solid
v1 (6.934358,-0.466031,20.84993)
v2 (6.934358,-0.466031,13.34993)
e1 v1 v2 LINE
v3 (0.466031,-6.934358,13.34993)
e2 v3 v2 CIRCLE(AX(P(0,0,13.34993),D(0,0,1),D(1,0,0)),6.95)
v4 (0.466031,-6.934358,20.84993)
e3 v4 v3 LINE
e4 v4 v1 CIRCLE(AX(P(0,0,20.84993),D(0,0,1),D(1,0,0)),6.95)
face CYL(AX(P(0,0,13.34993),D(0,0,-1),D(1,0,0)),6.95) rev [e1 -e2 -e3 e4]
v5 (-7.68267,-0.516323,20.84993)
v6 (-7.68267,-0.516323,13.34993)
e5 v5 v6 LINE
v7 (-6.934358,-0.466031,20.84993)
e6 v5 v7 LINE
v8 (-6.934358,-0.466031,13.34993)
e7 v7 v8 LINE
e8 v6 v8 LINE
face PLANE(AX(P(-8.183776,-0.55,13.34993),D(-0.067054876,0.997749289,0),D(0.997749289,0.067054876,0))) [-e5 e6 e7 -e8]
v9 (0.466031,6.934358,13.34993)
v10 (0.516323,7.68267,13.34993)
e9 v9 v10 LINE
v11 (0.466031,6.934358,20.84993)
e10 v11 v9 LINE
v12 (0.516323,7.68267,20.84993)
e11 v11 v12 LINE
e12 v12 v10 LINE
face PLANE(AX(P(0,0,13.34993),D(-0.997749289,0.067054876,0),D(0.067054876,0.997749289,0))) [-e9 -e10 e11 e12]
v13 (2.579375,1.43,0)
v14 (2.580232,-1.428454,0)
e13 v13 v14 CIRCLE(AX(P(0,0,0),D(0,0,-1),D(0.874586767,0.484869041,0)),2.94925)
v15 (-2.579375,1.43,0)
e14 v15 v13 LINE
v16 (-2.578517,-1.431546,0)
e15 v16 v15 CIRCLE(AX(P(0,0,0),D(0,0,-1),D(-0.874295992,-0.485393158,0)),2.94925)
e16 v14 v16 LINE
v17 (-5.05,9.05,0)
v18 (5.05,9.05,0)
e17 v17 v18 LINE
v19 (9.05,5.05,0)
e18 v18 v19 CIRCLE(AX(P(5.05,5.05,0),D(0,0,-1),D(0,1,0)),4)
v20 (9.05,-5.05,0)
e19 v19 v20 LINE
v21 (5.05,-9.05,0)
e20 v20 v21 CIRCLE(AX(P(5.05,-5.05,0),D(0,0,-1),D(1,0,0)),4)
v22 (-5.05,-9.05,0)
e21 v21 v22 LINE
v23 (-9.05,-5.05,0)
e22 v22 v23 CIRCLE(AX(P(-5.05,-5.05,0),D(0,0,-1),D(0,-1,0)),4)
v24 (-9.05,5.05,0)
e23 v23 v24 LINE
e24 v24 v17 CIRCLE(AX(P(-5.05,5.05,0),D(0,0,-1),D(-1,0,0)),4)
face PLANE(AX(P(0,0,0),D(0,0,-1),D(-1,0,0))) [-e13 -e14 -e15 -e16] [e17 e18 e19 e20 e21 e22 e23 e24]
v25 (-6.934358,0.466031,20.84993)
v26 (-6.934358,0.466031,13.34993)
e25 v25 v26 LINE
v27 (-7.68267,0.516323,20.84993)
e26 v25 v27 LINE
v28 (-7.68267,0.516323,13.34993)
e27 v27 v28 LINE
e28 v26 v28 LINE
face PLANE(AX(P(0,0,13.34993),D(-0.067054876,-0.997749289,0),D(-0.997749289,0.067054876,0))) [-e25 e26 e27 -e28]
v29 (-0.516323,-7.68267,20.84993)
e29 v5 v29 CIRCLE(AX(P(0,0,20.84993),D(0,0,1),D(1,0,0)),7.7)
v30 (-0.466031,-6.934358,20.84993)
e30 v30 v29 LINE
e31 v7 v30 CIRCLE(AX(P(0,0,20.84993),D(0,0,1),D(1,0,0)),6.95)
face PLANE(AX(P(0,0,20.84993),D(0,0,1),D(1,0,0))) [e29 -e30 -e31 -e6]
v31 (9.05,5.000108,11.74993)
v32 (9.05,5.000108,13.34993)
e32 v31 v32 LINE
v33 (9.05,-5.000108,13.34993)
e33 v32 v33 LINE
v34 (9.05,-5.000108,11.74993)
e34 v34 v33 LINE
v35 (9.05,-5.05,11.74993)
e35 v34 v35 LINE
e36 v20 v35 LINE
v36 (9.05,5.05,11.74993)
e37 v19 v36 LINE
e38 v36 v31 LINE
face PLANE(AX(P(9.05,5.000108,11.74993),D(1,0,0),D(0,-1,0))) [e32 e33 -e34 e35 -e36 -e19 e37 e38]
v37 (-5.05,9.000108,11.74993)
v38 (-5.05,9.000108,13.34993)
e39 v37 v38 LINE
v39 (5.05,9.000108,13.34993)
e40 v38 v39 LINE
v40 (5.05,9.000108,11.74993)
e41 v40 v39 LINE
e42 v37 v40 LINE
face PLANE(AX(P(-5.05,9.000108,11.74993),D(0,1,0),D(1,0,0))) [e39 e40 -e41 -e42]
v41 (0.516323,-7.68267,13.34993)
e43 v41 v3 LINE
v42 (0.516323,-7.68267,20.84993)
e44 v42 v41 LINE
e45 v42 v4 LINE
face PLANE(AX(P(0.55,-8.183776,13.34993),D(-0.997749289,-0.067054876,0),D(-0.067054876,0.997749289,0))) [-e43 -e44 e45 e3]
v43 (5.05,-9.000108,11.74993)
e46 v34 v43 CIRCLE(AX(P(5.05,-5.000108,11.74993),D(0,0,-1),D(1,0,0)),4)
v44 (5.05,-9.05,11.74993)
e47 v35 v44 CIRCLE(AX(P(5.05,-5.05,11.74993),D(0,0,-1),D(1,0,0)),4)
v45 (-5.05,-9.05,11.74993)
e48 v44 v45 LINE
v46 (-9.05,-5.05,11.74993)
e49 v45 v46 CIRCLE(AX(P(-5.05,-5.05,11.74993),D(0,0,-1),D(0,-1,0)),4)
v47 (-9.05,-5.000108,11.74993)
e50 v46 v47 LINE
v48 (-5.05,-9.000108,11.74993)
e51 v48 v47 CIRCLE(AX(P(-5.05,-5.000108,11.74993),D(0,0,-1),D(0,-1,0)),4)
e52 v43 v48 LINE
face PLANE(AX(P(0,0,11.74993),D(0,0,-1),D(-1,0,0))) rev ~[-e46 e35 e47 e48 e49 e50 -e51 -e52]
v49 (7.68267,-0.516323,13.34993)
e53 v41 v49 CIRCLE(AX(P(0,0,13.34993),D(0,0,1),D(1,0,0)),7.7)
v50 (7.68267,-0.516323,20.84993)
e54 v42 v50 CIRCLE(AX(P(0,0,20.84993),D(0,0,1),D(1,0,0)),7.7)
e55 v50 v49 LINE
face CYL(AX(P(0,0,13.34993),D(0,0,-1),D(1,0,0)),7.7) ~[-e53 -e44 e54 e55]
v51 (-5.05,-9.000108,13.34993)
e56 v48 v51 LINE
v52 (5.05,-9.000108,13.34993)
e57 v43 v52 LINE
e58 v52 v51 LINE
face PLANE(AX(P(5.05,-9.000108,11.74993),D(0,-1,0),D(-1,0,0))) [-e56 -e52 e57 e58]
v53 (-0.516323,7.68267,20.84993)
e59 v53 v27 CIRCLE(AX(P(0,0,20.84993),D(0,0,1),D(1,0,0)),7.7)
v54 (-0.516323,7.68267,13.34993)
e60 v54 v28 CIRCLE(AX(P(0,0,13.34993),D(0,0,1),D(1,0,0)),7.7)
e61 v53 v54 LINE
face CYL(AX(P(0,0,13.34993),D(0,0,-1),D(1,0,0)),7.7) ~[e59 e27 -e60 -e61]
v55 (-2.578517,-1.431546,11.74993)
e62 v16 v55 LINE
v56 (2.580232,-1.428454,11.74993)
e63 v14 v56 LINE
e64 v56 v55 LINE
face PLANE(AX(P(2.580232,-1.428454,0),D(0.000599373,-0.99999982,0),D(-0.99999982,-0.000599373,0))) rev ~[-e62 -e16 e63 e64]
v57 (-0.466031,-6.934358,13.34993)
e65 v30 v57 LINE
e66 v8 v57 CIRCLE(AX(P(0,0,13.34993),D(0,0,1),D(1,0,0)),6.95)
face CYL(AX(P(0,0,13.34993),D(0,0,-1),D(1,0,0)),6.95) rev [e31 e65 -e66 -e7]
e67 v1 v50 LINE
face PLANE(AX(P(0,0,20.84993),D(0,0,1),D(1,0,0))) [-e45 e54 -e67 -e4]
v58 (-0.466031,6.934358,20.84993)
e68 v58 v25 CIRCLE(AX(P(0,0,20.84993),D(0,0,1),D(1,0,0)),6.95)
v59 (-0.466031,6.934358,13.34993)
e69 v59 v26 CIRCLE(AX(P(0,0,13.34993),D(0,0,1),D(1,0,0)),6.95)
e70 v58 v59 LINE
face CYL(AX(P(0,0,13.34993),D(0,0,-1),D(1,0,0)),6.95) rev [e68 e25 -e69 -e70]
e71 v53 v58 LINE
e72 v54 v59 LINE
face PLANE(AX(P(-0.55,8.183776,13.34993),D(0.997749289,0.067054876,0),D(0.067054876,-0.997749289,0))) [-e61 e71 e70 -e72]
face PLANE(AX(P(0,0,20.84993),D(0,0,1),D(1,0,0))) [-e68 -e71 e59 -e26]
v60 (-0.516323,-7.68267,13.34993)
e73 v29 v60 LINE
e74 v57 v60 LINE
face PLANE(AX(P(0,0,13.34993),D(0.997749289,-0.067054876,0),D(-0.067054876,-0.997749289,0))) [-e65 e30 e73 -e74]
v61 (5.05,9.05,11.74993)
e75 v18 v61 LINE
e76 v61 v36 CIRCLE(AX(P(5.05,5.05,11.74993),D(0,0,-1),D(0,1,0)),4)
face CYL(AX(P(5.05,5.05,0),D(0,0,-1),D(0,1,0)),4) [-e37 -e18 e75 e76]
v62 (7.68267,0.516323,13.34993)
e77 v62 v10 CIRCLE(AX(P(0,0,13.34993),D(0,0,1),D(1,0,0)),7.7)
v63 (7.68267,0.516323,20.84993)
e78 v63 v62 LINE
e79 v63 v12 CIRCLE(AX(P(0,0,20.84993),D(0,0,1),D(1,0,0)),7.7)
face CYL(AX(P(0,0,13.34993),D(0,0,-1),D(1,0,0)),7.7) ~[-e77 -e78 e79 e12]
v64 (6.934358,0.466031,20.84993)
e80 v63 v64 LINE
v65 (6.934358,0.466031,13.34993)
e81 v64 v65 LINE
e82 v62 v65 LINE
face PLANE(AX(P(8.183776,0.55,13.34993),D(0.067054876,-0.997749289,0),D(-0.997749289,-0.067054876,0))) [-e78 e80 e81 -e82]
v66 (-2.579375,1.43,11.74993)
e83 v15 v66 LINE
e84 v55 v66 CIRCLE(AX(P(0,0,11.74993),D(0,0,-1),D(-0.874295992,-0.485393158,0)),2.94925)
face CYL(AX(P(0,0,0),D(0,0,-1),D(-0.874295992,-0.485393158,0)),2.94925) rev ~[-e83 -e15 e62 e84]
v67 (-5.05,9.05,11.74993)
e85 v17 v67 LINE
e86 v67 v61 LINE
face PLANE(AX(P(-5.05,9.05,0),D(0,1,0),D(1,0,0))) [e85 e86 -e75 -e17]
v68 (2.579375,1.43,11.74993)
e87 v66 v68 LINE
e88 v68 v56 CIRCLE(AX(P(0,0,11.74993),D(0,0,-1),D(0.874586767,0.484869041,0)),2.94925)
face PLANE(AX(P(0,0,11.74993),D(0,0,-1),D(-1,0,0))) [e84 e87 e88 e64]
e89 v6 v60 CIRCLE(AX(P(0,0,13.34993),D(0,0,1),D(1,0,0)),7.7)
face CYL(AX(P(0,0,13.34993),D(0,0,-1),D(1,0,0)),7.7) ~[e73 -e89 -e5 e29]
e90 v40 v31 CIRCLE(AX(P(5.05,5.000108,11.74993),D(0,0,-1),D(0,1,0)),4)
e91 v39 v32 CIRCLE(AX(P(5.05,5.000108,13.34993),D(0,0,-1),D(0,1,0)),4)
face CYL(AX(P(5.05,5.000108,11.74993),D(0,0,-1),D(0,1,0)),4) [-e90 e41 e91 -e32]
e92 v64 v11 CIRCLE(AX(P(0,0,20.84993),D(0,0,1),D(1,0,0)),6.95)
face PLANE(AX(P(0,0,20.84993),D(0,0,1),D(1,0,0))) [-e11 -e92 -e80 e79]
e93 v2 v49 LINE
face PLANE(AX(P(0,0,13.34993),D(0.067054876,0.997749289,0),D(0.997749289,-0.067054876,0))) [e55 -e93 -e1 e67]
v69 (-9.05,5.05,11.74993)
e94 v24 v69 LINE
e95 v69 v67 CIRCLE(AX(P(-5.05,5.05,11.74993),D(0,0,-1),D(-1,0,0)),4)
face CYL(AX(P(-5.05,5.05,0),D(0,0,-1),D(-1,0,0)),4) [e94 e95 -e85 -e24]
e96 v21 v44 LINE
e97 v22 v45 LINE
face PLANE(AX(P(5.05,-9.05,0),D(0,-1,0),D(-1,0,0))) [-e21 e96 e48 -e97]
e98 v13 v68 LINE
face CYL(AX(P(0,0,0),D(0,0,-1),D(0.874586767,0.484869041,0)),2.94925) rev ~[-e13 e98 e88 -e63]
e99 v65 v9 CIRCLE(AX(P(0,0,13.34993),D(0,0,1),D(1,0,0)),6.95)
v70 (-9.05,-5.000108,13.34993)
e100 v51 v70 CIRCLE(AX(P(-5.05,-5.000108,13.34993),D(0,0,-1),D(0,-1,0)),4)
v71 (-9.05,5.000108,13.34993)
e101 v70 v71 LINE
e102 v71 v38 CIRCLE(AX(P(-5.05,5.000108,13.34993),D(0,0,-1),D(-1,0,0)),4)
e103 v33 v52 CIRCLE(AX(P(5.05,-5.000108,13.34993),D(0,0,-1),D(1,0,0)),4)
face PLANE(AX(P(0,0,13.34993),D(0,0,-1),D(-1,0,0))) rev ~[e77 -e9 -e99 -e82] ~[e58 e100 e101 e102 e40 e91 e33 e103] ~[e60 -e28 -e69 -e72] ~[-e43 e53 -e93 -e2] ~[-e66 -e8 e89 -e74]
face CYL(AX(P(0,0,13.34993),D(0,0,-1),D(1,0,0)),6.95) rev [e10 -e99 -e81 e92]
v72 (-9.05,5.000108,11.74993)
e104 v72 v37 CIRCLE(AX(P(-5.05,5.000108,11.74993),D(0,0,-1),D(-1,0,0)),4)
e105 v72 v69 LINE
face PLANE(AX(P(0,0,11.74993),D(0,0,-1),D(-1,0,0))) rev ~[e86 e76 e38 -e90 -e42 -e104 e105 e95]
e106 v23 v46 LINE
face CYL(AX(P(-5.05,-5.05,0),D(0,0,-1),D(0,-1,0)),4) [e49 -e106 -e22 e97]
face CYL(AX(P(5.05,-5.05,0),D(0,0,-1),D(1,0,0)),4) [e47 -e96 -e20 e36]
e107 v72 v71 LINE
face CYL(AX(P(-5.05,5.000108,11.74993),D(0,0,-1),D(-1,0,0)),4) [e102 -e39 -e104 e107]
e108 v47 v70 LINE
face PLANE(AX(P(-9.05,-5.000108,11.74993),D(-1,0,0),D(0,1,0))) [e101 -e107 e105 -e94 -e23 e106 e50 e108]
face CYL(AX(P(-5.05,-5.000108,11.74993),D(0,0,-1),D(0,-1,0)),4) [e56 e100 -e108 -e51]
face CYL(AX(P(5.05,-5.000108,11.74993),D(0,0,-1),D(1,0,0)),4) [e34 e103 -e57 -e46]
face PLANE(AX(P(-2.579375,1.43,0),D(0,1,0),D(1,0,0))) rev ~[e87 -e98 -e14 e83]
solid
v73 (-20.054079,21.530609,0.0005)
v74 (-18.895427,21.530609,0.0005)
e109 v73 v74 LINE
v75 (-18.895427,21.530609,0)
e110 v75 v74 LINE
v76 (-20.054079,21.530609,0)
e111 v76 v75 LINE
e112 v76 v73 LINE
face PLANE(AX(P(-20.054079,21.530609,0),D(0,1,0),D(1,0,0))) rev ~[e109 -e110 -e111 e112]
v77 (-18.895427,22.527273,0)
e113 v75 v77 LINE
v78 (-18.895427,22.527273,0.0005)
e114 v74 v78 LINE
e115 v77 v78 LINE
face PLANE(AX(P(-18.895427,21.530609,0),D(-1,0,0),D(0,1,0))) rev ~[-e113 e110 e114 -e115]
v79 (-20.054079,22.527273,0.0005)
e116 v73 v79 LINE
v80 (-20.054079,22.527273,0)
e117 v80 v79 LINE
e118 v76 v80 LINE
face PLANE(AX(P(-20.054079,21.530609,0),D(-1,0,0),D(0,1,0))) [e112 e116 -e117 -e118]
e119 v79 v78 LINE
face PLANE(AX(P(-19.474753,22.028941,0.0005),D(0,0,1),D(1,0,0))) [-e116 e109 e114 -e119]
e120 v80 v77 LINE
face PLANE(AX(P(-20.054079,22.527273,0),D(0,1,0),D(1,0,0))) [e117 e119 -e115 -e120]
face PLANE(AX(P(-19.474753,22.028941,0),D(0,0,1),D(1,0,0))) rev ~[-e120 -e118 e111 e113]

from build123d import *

# Parameters (mm, degrees)
SKETCH1_W           = 1.158652837
SKETCH1_H           = 0.996663238
BOSS_EXTRUDE1_DEPTH = 0.0005
BOSS_EXTRUDE2_DEPTH = 11.74993
BOSS_EXTRUDE3_DEPTH = 1.6
SKETCH4_R           = 7.7
BOSS_EXTRUDE4_DEPTH = 7.5
SKETCH5_R           = 6.95
CUT_EXTRUDE1_DEPTH  = 7.5
CUT_EXTRUDE2_DEPTH  = 7.5
CIRPATTERN1_COUNT   = 4


with BuildPart() as part:
    # Sketch1 → Boss-Extrude1 (new body)
    with BuildSketch(Plane.XY):
        with Locations((-19.474752995, 22.028941101)):
            Rectangle(SKETCH1_W, SKETCH1_H)
    extrude(amount=BOSS_EXTRUDE1_DEPTH)


with BuildPart() as body_2:
    # Sketch2 → Boss-Extrude2 (new body)
    with BuildSketch(Plane.XY):
        with BuildLine():
            Line((-5.05, 9.05), (5.05, 9.05))
            ThreePointArc((5.05, 9.05), (7.878427125, 7.878427125), (9.05, 5.05))
            Line((9.05, 5.05), (9.05, -5.05))
            ThreePointArc((9.05, -5.05), (7.878427125, -7.878427125), (5.05, -9.05))
            Line((5.05, -9.05), (-5.05, -9.05))
            ThreePointArc((-5.05, -9.05), (-7.878427125, -7.878427125), (-9.05, -5.05))
            Line((-9.05, -5.05), (-9.05, 5.05))
            ThreePointArc((-9.05, 5.05), (-7.878427125, 7.878427125), (-5.05, 9.05))
        make_face()
        with BuildLine():
            Line((-2.579374981, 1.43), (2.579374981, 1.43))
            ThreePointArc((2.579374981, 1.43), (2.949249821, 0.000883851), (2.580231621, -1.428453735))
            Line((2.580231621, -1.428453735), (-2.578517414, -1.431545751))
            ThreePointArc((-2.578517414, -1.431545751), (-2.949249821, -0.000883851), (-2.579374981, 1.43))
        make_face(mode=Mode.SUBTRACT)
    extrude(amount=BOSS_EXTRUDE2_DEPTH)

    # Sketch3 → Boss-Extrude3 (add)
    with BuildSketch(Plane.XY.offset(11.74993)):
        with BuildLine():
            Line((-5.05, 9.000108401), (5.05, 9.000108401))
            ThreePointArc((5.05, 9.000108401), (7.878427125, 7.828535526), (9.05, 5.000108401))
            Line((9.05, 5.000108401), (9.05, -5.000108401))
            ThreePointArc((9.05, -5.000108401), (7.878427125, -7.828535526), (5.05, -9.000108401))
            Line((5.05, -9.000108401), (-5.05, -9.000108401))
            ThreePointArc((-5.05, -9.000108401), (-7.878427125, -7.828535526), (-9.05, -5.000108401))
            Line((-9.05, -5.000108401), (-9.05, 5.000108401))
            ThreePointArc((-9.05, 5.000108401), (-7.878427125, 7.828535526), (-5.05, 9.000108401))
        make_face()
    extrude(amount=BOSS_EXTRUDE3_DEPTH)

    # Sketch4 → Boss-Extrude4 (add)
    with BuildSketch(Plane.XY.offset(13.34993)):
        Circle(SKETCH4_R)
    extrude(amount=BOSS_EXTRUDE4_DEPTH)

    # Sketch5 → Cut-Extrude1 (cut)
    with BuildSketch(Plane.XY.offset(13.34993)):
        Circle(SKETCH5_R)
    extrude(amount=CUT_EXTRUDE1_DEPTH, mode=Mode.SUBTRACT)

    # Sketch11 → Cut-Extrude2 (cut)
    with BuildSketch(Plane.XY.offset(13.34993)):
        Polygon((0, 8.183776361), (-0.55, 8.183776361), (0, 0), (0.55, 8.183776361), align=None)
    cut_extrude2 = extrude(amount=CUT_EXTRUDE2_DEPTH, mode=Mode.SUBTRACT)

    # CirPattern1: Cut-Extrude2 ×4 about axis
    cirpattern1_axis = Axis((0, 0, 20.84993), (0, 0, -1))
    for i in range(1, CIRPATTERN1_COUNT):
        add(cut_extrude2.rotate(cirpattern1_axis, i * 360 / CIRPATTERN1_COUNT), mode=Mode.SUBTRACT)


solid = Compound([part.part, body_2.part])
